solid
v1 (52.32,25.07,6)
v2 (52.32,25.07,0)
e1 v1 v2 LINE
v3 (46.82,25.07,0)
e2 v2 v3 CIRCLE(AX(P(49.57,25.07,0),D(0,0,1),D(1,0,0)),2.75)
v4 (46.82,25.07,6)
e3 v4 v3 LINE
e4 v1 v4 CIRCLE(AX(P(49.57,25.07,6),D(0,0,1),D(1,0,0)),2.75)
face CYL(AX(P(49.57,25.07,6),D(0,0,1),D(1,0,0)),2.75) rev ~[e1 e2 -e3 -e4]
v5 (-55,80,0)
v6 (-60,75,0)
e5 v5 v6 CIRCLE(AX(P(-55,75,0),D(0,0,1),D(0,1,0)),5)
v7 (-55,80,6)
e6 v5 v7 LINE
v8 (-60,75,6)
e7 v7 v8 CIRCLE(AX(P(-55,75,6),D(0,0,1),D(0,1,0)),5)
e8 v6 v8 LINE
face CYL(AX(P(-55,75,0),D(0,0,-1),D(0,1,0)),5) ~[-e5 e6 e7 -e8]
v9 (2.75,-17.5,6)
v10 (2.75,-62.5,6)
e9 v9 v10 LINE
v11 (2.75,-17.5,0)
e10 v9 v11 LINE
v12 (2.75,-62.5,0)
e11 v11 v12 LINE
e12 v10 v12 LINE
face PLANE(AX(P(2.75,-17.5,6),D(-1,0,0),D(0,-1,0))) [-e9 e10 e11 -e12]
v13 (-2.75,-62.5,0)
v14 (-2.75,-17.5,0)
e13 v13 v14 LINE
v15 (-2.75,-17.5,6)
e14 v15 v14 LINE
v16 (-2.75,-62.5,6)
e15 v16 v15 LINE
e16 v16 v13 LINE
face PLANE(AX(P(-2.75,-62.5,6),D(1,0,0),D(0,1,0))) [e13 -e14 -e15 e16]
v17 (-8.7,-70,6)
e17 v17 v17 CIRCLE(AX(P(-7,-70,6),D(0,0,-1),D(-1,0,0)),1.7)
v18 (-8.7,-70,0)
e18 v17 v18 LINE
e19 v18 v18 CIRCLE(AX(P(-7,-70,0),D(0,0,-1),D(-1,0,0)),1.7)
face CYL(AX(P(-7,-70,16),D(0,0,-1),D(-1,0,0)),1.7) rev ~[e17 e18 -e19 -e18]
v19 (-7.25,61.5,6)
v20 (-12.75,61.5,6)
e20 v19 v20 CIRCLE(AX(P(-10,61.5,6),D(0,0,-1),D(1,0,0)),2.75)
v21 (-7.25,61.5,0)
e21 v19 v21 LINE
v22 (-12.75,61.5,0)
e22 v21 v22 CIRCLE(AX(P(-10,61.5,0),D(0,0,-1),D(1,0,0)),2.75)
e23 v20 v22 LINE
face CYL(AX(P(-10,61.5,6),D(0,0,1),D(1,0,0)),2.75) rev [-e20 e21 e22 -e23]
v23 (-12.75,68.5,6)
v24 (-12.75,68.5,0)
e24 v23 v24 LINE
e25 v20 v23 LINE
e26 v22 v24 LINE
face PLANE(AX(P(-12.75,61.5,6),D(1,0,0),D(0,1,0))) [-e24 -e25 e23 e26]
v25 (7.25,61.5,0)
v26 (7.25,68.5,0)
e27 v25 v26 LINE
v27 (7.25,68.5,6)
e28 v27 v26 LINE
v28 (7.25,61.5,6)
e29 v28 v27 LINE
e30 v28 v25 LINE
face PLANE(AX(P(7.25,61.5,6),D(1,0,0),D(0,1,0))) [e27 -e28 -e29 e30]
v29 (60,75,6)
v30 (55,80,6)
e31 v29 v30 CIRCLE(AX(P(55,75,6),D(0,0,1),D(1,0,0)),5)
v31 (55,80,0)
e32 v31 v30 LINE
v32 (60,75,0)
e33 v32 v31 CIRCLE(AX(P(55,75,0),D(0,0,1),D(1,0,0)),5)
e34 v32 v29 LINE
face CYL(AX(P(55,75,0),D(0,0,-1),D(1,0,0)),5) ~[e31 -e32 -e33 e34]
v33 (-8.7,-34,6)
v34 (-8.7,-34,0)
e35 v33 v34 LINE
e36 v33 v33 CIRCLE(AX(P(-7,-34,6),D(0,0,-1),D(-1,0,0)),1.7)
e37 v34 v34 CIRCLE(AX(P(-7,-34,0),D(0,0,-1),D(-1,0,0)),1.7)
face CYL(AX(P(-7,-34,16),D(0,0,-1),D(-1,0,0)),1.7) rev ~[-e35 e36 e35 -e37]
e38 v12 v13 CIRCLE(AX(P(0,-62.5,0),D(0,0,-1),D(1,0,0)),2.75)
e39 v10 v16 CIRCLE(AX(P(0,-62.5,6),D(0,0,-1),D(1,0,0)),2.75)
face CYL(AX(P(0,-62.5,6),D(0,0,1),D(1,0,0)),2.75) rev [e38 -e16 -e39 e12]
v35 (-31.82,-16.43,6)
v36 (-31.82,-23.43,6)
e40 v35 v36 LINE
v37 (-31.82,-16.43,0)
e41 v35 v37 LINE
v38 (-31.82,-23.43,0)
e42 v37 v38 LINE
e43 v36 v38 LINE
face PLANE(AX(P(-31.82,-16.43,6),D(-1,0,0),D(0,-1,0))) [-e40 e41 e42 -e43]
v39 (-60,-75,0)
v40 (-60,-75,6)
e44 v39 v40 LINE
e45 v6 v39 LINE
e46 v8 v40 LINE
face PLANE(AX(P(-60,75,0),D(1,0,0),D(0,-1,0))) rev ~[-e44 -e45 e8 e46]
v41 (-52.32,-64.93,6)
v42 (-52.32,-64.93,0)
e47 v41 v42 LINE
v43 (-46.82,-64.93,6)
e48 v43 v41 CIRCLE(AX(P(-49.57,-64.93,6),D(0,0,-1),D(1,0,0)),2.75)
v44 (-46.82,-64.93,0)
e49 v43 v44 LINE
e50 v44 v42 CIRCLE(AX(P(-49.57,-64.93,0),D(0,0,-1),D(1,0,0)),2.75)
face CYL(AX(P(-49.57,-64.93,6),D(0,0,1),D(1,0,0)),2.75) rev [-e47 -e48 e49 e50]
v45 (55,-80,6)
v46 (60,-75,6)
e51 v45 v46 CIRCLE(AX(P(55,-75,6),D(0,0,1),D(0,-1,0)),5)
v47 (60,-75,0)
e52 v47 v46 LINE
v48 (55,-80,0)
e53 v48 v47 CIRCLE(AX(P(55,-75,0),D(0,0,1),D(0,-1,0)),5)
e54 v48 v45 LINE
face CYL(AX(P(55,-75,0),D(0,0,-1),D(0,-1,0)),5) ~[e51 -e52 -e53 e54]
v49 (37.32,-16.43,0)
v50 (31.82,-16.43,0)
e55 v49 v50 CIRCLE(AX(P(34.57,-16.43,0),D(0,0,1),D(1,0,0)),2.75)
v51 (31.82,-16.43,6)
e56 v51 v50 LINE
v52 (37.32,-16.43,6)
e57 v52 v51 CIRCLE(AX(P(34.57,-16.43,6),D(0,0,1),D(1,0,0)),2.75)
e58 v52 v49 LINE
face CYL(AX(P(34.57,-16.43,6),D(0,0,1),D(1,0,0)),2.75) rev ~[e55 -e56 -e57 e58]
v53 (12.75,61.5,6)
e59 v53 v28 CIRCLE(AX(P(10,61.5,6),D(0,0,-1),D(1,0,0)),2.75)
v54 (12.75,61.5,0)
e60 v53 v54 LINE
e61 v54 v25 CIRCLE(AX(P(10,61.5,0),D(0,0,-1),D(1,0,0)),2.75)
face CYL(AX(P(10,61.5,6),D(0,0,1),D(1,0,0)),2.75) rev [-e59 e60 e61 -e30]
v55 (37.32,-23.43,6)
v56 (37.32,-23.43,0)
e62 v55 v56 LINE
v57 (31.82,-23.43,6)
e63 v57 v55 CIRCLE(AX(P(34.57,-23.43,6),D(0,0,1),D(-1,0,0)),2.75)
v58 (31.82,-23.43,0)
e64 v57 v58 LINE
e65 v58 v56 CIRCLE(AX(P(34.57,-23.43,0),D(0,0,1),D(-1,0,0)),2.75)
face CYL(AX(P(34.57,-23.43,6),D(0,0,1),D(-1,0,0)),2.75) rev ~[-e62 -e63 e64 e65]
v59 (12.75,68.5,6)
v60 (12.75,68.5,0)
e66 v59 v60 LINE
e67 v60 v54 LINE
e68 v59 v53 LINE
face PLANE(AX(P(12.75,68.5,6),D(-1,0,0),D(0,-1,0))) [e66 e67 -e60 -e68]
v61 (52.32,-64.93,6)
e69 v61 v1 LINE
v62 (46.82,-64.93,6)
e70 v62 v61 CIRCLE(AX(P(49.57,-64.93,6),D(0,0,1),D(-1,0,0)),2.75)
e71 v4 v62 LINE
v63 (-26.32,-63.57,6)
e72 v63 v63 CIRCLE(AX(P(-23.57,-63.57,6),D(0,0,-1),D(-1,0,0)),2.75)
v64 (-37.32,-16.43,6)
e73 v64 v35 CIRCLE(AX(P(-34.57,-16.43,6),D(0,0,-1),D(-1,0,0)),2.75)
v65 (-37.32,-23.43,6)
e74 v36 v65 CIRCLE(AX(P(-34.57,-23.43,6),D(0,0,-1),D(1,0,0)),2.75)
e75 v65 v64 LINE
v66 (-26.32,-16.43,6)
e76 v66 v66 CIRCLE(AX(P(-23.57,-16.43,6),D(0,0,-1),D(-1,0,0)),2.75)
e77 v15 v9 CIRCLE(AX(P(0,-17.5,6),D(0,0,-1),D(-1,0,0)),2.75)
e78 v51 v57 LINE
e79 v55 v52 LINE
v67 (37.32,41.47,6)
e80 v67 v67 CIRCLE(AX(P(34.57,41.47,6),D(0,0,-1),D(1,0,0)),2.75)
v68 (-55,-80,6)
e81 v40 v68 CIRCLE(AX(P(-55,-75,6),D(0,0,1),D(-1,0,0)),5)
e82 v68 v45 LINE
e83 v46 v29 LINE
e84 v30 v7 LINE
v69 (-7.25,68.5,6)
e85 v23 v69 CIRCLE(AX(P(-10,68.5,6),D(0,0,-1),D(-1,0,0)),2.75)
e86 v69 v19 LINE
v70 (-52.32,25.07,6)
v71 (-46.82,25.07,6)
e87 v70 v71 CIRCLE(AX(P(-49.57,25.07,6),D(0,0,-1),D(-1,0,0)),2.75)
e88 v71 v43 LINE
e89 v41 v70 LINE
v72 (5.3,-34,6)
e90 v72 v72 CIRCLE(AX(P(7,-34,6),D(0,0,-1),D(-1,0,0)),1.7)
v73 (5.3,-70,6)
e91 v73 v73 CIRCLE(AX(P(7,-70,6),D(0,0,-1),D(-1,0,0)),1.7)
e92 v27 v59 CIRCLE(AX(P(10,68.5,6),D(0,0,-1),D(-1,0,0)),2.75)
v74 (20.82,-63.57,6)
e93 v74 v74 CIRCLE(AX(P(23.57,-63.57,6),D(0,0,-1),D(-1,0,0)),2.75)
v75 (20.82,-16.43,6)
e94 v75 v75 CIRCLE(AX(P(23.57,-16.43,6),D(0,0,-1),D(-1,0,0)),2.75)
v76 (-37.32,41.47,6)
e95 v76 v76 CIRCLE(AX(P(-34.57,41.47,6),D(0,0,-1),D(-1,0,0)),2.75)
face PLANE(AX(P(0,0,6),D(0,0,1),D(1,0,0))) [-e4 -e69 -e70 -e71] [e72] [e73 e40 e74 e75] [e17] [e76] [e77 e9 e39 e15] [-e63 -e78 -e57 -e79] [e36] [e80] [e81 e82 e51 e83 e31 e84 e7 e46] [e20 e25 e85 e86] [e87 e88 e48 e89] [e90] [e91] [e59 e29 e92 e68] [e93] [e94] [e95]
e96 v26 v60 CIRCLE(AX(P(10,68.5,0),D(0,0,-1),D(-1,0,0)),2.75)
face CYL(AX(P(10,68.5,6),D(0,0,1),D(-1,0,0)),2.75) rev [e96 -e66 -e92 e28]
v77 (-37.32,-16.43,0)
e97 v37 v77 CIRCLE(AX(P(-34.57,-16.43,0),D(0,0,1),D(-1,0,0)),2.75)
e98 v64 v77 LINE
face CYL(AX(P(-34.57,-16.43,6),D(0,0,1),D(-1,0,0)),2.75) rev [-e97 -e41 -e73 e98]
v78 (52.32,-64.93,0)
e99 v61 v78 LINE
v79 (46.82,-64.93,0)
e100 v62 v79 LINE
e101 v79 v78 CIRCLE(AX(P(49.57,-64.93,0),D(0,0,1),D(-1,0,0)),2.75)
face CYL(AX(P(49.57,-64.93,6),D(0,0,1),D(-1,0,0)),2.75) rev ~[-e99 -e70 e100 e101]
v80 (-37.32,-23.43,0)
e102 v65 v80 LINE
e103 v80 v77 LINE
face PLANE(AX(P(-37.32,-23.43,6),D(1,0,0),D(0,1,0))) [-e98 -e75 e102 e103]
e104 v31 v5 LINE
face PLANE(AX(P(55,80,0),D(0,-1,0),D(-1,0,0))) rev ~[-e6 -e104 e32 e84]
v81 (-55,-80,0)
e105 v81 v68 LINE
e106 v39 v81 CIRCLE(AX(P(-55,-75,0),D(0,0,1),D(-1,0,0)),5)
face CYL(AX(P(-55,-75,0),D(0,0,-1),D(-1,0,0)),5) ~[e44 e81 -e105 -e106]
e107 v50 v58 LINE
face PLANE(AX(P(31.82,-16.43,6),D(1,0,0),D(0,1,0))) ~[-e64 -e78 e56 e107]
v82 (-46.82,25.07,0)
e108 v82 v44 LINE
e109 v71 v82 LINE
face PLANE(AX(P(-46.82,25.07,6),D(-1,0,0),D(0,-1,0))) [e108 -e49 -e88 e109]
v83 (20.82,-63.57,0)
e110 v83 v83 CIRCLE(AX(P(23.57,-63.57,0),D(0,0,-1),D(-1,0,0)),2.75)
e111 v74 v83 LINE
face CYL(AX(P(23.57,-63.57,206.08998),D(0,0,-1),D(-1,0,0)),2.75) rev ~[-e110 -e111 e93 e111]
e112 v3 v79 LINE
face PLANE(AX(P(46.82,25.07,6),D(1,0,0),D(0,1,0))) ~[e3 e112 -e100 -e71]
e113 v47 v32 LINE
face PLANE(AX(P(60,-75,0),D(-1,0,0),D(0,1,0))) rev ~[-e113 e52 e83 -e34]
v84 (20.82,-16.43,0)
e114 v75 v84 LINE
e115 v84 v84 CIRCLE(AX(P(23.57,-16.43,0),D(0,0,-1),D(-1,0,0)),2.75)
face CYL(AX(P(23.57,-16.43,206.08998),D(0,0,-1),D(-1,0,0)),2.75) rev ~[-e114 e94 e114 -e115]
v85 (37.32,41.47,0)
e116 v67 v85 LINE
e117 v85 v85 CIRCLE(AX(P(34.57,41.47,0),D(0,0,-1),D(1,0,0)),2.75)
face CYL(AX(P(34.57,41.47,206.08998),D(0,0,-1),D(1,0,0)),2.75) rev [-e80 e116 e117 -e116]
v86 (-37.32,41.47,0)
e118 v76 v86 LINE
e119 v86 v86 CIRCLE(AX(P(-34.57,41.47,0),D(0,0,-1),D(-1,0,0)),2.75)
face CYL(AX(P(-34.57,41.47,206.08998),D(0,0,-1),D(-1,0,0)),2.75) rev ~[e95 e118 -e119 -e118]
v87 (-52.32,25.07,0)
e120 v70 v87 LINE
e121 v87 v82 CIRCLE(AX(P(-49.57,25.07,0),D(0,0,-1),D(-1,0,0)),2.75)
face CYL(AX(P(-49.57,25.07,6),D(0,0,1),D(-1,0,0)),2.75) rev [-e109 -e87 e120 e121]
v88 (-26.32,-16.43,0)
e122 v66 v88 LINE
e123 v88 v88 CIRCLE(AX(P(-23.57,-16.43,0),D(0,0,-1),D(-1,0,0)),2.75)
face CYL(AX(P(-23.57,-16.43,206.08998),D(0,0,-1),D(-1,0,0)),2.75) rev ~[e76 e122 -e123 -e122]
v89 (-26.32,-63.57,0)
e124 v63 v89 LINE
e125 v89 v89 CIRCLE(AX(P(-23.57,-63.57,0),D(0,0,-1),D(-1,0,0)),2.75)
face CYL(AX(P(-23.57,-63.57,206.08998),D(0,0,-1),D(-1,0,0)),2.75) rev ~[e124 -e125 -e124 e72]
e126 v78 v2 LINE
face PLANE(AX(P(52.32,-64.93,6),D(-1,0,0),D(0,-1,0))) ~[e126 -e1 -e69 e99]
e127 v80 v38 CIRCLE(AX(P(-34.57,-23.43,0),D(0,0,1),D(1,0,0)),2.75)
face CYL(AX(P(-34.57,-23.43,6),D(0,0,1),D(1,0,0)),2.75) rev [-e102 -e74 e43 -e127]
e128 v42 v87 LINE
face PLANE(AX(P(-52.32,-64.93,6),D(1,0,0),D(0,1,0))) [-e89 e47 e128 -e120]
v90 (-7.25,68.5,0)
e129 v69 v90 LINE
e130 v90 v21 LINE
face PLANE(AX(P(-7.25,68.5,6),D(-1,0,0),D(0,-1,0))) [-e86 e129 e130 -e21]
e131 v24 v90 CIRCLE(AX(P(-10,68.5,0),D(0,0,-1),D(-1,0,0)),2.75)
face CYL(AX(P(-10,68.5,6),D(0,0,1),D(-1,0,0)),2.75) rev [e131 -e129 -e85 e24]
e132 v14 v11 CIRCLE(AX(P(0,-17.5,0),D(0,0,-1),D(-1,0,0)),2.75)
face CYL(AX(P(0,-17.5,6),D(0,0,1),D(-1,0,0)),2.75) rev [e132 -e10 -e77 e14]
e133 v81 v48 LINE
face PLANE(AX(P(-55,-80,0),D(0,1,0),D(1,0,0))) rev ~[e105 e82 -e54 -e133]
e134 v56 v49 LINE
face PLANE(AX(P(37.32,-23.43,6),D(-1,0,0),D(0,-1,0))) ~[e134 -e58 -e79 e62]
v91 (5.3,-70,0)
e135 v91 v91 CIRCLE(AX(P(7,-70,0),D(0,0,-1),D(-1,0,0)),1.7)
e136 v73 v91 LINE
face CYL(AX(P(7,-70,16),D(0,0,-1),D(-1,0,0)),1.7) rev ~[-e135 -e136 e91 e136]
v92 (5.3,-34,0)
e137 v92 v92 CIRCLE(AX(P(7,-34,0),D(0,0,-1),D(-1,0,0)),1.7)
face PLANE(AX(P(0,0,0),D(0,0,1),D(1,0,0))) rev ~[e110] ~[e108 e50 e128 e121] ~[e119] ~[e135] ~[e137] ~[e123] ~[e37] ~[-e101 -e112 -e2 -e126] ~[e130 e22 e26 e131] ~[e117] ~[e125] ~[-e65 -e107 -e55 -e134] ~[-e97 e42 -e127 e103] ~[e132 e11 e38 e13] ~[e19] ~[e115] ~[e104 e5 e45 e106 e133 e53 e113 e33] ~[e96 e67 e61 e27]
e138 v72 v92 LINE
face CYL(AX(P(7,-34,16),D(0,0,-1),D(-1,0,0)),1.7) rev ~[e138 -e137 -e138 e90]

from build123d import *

# Parameters (mm, degrees)
BOSS_EXTRUDE1_DEPTH      = 6
CUT_EXTRUDE1_DEPTH       = 6
M5_CLEARANCE_HOLE1_D     = 5.5
CUT_EXTRUDE2_DEPTH       = 22
M5_CLEARANCE_HOLE2_D     = 5.5
CUT_EXTRUDE3_DEPTH       = 6
CUT_EXTRUDE4_DEPTH       = 6
M3_CLEARANCE_HOLE1_D     = 3.4
M3_CLEARANCE_HOLE1_DEPTH = 10
M3_CLEARANCE_HOLE1_TIP   = 1.021463052


with BuildPart() as part:
    # Sketch2 → Boss-Extrude1 (new body)
    with BuildSketch(Plane.XY):
        with BuildLine():
            Line((-55, -80), (55, -80))
            ThreePointArc((55, -80), (58.535533906, -78.535533906), (60, -75))
            Line((60, -75), (60, 75))
            ThreePointArc((60, 75), (58.535533906, 78.535533906), (55, 80))
            Line((55, 80), (-55, 80))
            ThreePointArc((-55, 80), (-58.535533906, 78.535533906), (-60, 75))
            Line((-60, 75), (-60, -75))
            ThreePointArc((-60, -75), (-58.535533906, -78.535533906), (-55, -80))
        make_face()
    extrude(amount=BOSS_EXTRUDE1_DEPTH)

    # Sketch3 → Cut-Extrude1 (cut)
    with BuildSketch(Plane.XY.offset(6)):
        with BuildLine():
            Line((2.75, -17.5), (2.75, -62.5))
            ThreePointArc((2.75, -62.5), (0, -65.25), (-2.75, -62.5))
            Line((-2.75, -62.5), (-2.75, -17.5))
            ThreePointArc((-2.75, -17.5), (0, -14.75), (2.75, -17.5))
        make_face()
    extrude(amount=-CUT_EXTRUDE1_DEPTH, mode=Mode.SUBTRACT)

    # M5 Clearance Hole1 (through all)
    with Locations(Plane.XY.offset(6)):
        with Locations((-23.57, -63.57), (-23.57, -16.43), (23.57, -16.43), (23.57, -63.57)):
            Hole(M5_CLEARANCE_HOLE1_D / 2)

    # Sketch6 → Cut-Extrude2 (cut)
    with BuildSketch(Plane.XY.offset(6)):
        with BuildLine():
            Line((-31.82, -16.43), (-31.82, -23.43))
            ThreePointArc((-31.82, -23.43), (-34.57, -26.18), (-37.32, -23.43))
            Line((-37.32, -23.43), (-37.32, -16.43))
            ThreePointArc((-37.32, -16.43), (-34.57, -13.68), (-31.82, -16.43))
        make_face()
    cut_extrude2 = extrude(amount=-CUT_EXTRUDE2_DEPTH, mode=Mode.SUBTRACT)

    # M5 Clearance Hole2 (through all)
    with Locations(Plane.XY.offset(6)):
        with Locations((-34.57, 41.47)):
            m5_clearance_hole2 = Hole(M5_CLEARANCE_HOLE2_D / 2)

    # Sketch9 → Cut-Extrude3 (cut)
    with BuildSketch(Plane.XY.offset(6)):
        with BuildLine():
            Line((-46.82, 25.07), (-46.82, -64.93))
            ThreePointArc((-46.82, -64.93), (-49.57, -67.68), (-52.32, -64.93))
            Line((-52.32, -64.93), (-52.32, 25.07))
            ThreePointArc((-52.32, 25.07), (-49.57, 27.82), (-46.82, 25.07))
        make_face()
    cut_extrude3 = extrude(amount=-CUT_EXTRUDE3_DEPTH, mode=Mode.SUBTRACT)

    # Mirror2: Cut-Extrude2, M5 Clearance Hole2, Cut-Extrude3 across plane
    add(cut_extrude2.mirror(Plane(origin=(0, 0, 0), x_dir=(0, 0, 1), z_dir=(1, 0, 0))), mode=Mode.SUBTRACT)
    add(m5_clearance_hole2.mirror(Plane(origin=(0, 0, 0), x_dir=(0, 0, 1), z_dir=(1, 0, 0))), mode=Mode.SUBTRACT)
    add(cut_extrude3.mirror(Plane(origin=(0, 0, 0), x_dir=(0, 0, 1), z_dir=(1, 0, 0))), mode=Mode.SUBTRACT)

    # Sketch11 → Cut-Extrude4 (cut)
    with BuildSketch(Plane.XY.offset(6)):
        with BuildLine():
            Line((-7.25, 68.5), (-7.25, 61.5))
            ThreePointArc((-7.25, 61.5), (-10, 58.75), (-12.75, 61.5))
            Line((-12.75, 61.5), (-12.75, 68.5))
            ThreePointArc((-12.75, 68.5), (-10, 71.25), (-7.25, 68.5))
        make_face()
        with BuildLine():
            Line((12.75, 68.5), (12.75, 61.5))
            ThreePointArc((12.75, 61.5), (10, 58.75), (7.25, 61.5))
            Line((7.25, 61.5), (7.25, 68.5))
            ThreePointArc((7.25, 68.5), (10, 71.25), (12.75, 68.5))
        make_face()
    extrude(amount=-CUT_EXTRUDE4_DEPTH, mode=Mode.SUBTRACT)

    # M3 Clearance Hole1
    with Locations(Plane.XY.offset(6)):
        with Locations((-7, -34), (7, -34), (7, -70), (-7, -70)):
            Hole(M3_CLEARANCE_HOLE1_D / 2, depth=M3_CLEARANCE_HOLE1_DEPTH)
            with Locations((0, 0, -(M3_CLEARANCE_HOLE1_DEPTH + M3_CLEARANCE_HOLE1_TIP / 2))):  # 118° drill point
                Cone(0, M3_CLEARANCE_HOLE1_D / 2, M3_CLEARANCE_HOLE1_TIP, mode=Mode.SUBTRACT)


solid = part.part
